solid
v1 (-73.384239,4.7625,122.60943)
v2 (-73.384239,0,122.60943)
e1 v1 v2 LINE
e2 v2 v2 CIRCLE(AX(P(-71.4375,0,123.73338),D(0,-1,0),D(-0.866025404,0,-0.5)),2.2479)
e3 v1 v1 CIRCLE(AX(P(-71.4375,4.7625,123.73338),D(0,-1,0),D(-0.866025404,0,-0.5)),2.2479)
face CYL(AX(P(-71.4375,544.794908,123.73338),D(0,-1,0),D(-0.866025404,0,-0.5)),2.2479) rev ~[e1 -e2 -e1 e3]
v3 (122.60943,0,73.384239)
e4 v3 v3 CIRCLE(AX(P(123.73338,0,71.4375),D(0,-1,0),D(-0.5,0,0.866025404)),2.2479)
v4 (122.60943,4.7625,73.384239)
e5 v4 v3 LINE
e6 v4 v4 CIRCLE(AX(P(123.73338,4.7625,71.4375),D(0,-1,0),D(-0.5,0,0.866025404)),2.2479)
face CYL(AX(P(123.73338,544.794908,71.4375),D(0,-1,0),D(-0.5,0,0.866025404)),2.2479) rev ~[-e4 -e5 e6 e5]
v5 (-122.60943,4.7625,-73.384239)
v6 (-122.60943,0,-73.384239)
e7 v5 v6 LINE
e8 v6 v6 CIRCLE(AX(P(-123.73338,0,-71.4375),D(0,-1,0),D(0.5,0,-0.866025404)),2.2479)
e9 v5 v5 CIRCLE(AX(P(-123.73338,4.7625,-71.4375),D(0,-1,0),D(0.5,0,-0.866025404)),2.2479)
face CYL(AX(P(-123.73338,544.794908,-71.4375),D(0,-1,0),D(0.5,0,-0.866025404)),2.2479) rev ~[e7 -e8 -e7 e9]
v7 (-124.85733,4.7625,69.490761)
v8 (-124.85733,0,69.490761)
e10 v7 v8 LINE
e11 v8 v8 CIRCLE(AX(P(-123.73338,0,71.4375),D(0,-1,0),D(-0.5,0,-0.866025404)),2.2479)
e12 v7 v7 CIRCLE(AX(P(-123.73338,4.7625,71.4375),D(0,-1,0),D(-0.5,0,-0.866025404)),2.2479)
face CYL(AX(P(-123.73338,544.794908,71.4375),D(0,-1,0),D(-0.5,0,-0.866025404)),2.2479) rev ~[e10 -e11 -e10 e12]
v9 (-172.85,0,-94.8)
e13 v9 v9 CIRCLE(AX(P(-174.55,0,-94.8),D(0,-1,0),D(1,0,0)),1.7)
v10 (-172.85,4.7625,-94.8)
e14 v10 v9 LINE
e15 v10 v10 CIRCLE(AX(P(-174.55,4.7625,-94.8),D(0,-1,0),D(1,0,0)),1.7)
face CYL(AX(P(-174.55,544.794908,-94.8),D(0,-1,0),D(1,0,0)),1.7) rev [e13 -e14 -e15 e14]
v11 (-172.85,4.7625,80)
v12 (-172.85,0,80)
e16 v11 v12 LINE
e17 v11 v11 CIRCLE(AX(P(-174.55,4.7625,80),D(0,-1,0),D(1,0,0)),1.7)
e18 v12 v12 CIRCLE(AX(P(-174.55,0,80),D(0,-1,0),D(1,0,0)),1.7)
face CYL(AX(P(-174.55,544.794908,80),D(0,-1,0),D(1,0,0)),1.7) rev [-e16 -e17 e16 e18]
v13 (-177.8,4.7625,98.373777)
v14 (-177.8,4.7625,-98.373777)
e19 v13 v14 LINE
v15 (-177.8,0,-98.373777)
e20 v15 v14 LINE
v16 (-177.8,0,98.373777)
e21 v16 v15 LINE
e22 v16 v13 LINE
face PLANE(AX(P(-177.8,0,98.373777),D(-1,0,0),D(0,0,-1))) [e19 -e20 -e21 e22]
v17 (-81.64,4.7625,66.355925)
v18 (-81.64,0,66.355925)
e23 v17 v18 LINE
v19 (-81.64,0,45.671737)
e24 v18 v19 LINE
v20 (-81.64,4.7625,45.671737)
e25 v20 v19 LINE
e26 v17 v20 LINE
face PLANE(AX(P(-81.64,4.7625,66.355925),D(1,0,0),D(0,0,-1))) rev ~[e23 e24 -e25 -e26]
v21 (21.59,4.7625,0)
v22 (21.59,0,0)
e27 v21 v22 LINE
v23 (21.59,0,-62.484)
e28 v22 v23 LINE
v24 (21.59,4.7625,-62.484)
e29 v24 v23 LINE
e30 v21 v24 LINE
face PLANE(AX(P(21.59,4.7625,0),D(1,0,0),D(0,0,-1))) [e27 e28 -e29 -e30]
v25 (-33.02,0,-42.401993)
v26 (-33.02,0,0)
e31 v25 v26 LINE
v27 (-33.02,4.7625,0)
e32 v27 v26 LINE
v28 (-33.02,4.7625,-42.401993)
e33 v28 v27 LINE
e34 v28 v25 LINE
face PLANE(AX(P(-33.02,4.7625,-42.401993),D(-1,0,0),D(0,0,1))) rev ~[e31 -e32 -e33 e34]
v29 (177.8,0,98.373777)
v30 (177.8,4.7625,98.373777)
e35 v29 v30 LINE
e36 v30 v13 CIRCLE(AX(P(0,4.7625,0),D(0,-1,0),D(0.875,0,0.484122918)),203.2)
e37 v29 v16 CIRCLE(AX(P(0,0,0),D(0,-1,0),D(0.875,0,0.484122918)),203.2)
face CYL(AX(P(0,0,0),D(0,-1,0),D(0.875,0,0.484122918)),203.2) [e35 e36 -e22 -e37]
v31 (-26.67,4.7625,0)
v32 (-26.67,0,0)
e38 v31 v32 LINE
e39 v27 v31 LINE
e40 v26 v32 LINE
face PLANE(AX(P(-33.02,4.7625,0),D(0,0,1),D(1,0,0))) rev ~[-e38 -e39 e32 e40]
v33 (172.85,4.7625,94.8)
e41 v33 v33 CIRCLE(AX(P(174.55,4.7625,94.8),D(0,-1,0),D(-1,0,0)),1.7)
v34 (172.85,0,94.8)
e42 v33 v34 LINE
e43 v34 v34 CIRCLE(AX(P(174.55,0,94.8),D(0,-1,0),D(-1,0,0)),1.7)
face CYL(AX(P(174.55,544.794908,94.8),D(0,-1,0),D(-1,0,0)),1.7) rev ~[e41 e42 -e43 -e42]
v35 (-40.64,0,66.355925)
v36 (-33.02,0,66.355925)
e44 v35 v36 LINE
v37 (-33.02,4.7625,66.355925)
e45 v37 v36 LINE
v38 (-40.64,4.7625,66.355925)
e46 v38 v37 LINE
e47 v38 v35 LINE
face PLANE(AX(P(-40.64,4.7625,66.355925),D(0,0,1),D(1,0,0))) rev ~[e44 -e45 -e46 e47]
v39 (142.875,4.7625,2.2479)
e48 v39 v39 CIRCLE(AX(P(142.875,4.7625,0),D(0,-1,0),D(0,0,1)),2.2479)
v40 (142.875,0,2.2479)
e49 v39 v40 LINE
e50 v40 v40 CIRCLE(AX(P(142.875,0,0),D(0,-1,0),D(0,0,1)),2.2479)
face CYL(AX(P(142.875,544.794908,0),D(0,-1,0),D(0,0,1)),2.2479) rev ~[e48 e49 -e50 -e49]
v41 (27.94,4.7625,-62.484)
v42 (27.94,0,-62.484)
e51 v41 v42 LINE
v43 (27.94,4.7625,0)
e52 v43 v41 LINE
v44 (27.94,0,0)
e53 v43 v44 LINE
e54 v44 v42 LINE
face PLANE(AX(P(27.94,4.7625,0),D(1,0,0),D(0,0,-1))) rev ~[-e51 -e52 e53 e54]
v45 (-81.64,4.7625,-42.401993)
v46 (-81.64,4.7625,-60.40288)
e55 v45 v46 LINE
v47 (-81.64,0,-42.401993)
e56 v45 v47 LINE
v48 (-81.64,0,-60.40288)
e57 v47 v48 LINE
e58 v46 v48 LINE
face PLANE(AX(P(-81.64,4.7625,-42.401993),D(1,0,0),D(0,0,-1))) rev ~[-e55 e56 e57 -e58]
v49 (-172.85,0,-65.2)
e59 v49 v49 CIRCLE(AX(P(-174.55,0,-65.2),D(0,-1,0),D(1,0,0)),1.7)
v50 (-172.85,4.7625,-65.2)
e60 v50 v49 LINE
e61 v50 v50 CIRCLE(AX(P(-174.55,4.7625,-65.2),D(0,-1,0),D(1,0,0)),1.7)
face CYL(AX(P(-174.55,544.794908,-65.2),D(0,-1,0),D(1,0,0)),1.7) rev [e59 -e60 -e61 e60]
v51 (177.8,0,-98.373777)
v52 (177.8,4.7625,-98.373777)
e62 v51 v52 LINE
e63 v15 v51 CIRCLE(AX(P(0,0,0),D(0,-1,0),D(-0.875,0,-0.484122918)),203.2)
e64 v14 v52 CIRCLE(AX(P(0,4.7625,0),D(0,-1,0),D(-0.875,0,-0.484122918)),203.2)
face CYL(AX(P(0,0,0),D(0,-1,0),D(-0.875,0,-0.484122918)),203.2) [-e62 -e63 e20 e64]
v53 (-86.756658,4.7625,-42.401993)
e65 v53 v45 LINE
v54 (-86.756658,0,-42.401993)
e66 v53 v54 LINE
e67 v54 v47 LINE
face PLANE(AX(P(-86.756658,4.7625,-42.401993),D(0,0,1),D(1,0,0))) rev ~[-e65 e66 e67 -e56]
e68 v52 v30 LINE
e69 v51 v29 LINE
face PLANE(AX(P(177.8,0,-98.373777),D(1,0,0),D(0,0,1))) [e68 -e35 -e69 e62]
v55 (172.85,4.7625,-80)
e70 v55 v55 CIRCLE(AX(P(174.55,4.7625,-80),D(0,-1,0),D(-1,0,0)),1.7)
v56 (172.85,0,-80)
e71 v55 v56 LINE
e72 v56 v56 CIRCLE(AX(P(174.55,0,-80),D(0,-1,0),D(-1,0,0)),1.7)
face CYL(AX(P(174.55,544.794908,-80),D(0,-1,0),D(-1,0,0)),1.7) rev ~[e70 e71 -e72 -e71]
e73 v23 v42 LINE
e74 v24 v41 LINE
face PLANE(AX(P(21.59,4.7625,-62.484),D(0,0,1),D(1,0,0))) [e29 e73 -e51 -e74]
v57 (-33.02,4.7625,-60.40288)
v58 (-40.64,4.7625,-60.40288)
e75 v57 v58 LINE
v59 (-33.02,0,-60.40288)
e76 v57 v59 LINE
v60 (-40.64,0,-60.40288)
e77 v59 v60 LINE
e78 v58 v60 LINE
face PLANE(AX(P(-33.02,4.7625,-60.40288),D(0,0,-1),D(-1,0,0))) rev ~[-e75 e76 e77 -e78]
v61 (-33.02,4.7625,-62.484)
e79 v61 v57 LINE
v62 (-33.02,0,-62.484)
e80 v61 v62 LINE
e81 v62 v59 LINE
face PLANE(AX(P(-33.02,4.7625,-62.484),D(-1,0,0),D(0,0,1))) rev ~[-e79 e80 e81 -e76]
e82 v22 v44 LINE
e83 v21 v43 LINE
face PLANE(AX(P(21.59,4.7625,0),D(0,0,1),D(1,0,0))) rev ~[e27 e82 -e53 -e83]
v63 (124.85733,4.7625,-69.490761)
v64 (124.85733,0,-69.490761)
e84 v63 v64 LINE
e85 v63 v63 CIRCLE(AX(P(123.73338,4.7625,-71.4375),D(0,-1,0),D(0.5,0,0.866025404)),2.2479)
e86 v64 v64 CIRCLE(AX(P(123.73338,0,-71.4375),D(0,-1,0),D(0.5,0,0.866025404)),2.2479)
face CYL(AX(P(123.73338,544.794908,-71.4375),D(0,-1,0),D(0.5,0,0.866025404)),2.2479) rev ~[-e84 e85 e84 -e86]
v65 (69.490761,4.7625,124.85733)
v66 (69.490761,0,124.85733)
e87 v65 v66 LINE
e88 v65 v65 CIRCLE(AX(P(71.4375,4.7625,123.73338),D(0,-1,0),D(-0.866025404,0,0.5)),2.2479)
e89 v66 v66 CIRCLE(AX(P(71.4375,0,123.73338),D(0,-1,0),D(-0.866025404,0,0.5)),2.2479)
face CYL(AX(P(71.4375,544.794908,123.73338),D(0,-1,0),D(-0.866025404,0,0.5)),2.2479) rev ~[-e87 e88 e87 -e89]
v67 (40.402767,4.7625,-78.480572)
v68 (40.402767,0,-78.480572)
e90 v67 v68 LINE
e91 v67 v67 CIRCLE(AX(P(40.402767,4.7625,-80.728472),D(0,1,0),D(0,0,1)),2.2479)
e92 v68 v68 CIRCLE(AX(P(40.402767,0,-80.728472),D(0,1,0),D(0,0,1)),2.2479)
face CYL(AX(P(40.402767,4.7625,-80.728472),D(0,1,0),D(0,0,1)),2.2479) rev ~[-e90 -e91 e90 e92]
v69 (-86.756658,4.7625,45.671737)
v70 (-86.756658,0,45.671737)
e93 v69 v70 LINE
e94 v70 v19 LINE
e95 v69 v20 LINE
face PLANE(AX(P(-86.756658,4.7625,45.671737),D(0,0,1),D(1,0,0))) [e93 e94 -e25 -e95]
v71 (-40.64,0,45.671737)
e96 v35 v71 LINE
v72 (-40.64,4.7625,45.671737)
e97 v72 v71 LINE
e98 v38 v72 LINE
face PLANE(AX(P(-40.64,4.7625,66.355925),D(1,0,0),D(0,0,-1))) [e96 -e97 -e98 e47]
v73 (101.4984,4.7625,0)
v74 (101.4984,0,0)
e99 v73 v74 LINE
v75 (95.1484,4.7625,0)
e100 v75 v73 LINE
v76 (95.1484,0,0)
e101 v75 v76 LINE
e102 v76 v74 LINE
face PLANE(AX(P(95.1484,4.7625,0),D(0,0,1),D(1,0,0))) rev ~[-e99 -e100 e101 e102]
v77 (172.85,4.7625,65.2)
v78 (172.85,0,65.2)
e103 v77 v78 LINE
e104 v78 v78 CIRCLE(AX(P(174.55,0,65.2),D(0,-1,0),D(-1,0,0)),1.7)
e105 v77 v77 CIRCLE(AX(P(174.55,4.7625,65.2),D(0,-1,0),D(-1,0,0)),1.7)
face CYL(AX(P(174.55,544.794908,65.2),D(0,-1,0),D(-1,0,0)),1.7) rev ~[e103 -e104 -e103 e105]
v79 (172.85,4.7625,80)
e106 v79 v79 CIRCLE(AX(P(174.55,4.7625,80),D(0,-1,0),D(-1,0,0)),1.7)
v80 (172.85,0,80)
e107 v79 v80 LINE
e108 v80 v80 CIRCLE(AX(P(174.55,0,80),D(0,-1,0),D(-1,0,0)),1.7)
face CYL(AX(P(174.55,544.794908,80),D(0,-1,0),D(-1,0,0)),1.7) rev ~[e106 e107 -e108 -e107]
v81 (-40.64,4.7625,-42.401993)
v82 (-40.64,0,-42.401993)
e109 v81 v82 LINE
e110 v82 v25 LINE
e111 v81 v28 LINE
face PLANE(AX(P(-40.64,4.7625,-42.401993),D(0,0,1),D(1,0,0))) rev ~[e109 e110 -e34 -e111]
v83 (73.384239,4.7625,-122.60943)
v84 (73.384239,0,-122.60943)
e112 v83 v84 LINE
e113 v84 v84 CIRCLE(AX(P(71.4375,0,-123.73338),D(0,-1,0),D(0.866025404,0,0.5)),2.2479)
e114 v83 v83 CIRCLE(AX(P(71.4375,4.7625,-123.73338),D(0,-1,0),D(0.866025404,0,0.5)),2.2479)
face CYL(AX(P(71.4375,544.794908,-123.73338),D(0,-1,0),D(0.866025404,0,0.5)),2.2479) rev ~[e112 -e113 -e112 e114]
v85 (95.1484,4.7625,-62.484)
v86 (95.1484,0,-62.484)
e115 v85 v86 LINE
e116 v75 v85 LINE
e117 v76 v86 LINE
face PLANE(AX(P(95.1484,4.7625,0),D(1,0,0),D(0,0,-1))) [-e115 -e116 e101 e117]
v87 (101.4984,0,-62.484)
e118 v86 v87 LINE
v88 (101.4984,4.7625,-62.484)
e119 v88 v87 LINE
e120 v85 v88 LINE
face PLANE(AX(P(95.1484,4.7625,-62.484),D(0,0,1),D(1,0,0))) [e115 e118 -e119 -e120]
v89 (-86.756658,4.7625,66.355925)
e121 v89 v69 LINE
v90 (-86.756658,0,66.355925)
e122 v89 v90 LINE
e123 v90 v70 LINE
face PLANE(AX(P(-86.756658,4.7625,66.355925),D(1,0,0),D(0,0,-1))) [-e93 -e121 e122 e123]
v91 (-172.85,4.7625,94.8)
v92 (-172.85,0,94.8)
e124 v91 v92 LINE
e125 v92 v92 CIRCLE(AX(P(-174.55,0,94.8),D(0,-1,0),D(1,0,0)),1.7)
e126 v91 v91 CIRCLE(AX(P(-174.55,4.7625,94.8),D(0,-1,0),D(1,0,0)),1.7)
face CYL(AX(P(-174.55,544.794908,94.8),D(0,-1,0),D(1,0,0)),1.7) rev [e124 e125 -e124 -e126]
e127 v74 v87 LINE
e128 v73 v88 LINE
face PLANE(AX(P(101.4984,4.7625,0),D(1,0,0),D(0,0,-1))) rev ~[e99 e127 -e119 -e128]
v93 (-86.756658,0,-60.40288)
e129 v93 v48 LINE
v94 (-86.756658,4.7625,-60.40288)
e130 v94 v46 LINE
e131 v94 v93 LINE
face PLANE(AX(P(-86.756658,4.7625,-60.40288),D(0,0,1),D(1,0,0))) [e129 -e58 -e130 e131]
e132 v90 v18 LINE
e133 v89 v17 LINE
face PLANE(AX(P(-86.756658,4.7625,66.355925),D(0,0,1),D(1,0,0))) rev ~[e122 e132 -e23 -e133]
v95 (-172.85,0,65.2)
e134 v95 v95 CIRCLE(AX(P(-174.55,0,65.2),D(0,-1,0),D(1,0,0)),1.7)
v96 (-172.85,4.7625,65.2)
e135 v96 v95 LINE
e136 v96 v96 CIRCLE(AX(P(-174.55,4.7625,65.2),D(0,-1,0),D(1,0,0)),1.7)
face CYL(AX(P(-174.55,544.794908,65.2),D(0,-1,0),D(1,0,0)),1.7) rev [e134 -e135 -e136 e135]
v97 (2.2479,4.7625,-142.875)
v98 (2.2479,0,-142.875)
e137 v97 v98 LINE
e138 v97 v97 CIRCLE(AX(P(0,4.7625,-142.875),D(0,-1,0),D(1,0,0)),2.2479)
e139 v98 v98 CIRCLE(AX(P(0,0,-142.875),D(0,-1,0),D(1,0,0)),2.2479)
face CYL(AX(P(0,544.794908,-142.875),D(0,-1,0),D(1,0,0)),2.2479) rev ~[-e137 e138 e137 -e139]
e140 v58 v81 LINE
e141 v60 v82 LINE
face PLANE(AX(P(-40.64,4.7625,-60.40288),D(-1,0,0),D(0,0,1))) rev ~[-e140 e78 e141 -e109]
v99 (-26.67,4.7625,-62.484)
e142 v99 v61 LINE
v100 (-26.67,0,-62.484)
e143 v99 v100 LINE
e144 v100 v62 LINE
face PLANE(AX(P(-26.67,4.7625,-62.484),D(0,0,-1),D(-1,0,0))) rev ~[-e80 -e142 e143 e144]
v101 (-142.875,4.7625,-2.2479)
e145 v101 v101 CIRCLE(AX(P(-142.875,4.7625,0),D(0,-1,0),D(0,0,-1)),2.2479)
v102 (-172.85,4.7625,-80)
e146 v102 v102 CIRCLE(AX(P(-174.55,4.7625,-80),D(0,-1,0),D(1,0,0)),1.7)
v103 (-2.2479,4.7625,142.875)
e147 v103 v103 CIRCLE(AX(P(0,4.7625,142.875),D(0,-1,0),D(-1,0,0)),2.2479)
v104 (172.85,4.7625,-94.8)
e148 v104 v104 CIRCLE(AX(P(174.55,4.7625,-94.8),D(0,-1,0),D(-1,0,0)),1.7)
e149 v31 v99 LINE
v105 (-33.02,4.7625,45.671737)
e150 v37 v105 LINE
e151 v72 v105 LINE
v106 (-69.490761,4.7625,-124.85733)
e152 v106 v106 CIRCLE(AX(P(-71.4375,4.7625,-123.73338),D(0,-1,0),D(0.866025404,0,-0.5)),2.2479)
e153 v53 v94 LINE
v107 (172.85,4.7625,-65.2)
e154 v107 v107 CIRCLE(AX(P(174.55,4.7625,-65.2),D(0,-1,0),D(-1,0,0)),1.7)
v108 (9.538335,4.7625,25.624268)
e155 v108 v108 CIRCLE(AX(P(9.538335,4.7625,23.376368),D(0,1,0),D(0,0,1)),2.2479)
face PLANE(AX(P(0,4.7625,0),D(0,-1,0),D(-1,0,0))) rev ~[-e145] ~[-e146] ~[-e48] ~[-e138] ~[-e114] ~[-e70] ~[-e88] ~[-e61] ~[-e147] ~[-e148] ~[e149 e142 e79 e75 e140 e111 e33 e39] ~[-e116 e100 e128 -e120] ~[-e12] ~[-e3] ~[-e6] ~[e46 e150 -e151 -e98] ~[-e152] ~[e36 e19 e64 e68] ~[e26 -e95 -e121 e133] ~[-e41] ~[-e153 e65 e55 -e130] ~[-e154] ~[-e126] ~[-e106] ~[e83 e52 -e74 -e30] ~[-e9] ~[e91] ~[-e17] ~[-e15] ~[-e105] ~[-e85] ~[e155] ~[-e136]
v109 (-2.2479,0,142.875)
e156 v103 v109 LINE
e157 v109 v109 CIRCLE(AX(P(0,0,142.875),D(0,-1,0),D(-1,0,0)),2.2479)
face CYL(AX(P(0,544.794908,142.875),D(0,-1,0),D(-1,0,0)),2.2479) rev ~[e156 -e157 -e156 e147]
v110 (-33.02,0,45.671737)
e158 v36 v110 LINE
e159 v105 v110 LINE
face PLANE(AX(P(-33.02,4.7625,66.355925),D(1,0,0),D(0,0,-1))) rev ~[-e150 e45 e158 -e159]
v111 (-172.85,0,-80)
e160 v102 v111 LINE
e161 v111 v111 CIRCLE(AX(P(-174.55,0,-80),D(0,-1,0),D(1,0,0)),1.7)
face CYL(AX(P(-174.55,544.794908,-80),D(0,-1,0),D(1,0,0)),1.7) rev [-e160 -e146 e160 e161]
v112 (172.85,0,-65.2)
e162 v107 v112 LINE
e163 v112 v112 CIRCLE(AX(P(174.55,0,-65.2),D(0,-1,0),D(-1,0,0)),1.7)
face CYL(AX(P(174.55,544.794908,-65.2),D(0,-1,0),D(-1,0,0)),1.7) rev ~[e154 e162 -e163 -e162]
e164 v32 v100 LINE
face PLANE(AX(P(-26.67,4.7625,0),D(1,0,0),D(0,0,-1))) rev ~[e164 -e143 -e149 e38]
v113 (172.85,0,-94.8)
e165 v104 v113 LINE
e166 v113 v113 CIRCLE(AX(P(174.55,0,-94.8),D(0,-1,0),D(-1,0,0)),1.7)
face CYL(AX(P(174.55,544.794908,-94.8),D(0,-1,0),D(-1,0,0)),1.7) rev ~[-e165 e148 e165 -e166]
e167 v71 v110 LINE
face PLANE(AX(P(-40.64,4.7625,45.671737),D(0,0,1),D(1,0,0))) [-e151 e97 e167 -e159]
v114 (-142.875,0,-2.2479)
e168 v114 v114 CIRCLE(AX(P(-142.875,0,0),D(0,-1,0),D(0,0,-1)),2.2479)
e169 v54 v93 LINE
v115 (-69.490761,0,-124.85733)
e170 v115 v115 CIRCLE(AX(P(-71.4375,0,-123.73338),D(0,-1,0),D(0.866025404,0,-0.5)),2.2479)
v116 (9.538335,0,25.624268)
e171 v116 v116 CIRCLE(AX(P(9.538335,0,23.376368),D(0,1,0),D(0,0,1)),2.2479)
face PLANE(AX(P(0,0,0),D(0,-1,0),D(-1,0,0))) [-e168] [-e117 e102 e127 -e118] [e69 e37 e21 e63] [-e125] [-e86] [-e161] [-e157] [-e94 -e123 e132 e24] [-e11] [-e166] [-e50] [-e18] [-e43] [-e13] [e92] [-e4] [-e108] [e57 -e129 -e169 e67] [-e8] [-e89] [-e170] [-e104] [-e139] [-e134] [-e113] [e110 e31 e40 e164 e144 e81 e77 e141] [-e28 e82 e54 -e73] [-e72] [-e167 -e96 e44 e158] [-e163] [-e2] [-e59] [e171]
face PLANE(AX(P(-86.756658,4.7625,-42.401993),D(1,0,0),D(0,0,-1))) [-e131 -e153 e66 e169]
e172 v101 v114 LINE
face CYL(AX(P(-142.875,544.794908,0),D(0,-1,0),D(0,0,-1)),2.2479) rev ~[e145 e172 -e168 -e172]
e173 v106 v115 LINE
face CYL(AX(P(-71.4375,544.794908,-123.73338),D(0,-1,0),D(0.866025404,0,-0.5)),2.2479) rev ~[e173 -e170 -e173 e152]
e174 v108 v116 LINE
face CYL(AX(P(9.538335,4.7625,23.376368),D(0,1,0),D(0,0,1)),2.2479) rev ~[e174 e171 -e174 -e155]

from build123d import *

# Parameters (mm, degrees)
BOSS_EXTRUDE1_DEPTH   = 4.7625
M3_CLEARANCE_HOLE1_D  = 3.4
F_8_CLEARANCE_HOLE1_D = 4.4958
CIRPATTERN1_COUNT     = 12
CUT_EXTRUDE1_REACH    = 272.048
SKETCH15_W            = 6.35
SKETCH15_H            = 62.484
SKETCH15_W_2          = 5.116657908
SKETCH15_H_2          = 18.000886741
SKETCH15_H_3          = 20.68418835
SKETCH15_W_3          = 7.62
CUT_EXTRUDE2_REACH    = 272.048
SKETCH17_R            = 2.2479


with BuildPart() as part:
    # Sketch1 → Boss-Extrude1 (new body)
    with BuildSketch(Plane(origin=(0, 0, 0), x_dir=(1, 0, 0), z_dir=(0, 1, 0))):
        with BuildLine():
            Line((177.8, 98.373776994), (177.8, -98.373776994))
            ThreePointArc((177.8, -98.373776994), (0, -203.2), (-177.8, -98.373776994))
            Line((-177.8, -98.373776994), (-177.8, 98.373776994))
            ThreePointArc((-177.8, 98.373776994), (0, 203.2), (177.8, 98.373776994))
        make_face()
    extrude(amount=BOSS_EXTRUDE1_DEPTH)

    # M3 Clearance Hole1 (through all)
    with Locations(Plane(origin=(0, 4.7625, 0), x_dir=(1, 0, 0), z_dir=(0, 1, 0))):
        with Locations((174.55, -94.8), (174.55, -80), (174.55, -65.2), (174.55, 65.2), (174.55, 80), (174.55, 94.8)):
            m3_clearance_hole1 = Hole(M3_CLEARANCE_HOLE1_D / 2)

    # Mirror1: M3 Clearance Hole1 across plane
    add(m3_clearance_hole1.mirror(Plane(origin=(0, 0, 0), x_dir=(0, 0, 1), z_dir=(1, 0, 0))), mode=Mode.SUBTRACT)

    # #8 Clearance Hole1 (through all)
    with Locations(Plane(origin=(0, 4.7625, 0), x_dir=(1, 0, 0), z_dir=(0, 1, 0))):
        with Locations((0, -142.875)):
            f_8_clearance_hole1 = Hole(F_8_CLEARANCE_HOLE1_D / 2)

    # CirPattern1: #8 Clearance Hole1 ×12 about axis
    cirpattern1_axis = Axis((0, 0, 0), (0, 1, 0))
    for i in range(1, CIRPATTERN1_COUNT):
        add(f_8_clearance_hole1.rotate(cirpattern1_axis, i * 360 / CIRPATTERN1_COUNT), mode=Mode.SUBTRACT)

    # Sketch15 → Cut-Extrude1 (cut, up to next)
    with BuildSketch(Plane(origin=(0, 4.7625, 0), x_dir=(1, 0, 0), z_dir=(0, 1, 0)), mode=Mode.PRIVATE) as cut_extrude1_sk1:
        with Locations((24.765, 31.242)):
            Rectangle(SKETCH15_W, SKETCH15_H)
    cut_extrude1_tool1 = extrude(cut_extrude1_sk1.sketch, amount=-CUT_EXTRUDE1_REACH, mode=Mode.PRIVATE) & part.part
    # Sketch15 → Cut-Extrude1 (cut, up to next)
    with BuildSketch(Plane(origin=(0, 4.7625, 0), x_dir=(1, 0, 0), z_dir=(0, 1, 0)), mode=Mode.PRIVATE) as cut_extrude1_sk2:
        Polygon((-26.67, 62.484), (-33.02, 62.484), (-33.02, 60.402879746), (-40.64, 60.402879746), (-40.64, 42.401993005), (-33.02, 42.401993005), (-33.02, 0), (-26.67, 0), align=None)
    cut_extrude1_tool2 = extrude(cut_extrude1_sk2.sketch, amount=-CUT_EXTRUDE1_REACH, mode=Mode.PRIVATE) & part.part
    # Sketch15 → Cut-Extrude1 (cut, up to next)
    with BuildSketch(Plane(origin=(0, 4.7625, 0), x_dir=(1, 0, 0), z_dir=(0, 1, 0)), mode=Mode.PRIVATE) as cut_extrude1_sk3:
        with Locations((98.3234, 31.242)):
            Rectangle(SKETCH15_W, SKETCH15_H)
    cut_extrude1_tool3 = extrude(cut_extrude1_sk3.sketch, amount=-CUT_EXTRUDE1_REACH, mode=Mode.PRIVATE) & part.part
    # Sketch15 → Cut-Extrude1 (cut, up to next)
    with BuildSketch(Plane(origin=(0, 4.7625, 0), x_dir=(1, 0, 0), z_dir=(0, 1, 0)), mode=Mode.PRIVATE) as cut_extrude1_sk4:
        with Locations((-84.198328954, 51.402436376)):
            Rectangle(SKETCH15_W_2, SKETCH15_H_2)
    cut_extrude1_tool4 = extrude(cut_extrude1_sk4.sketch, amount=-CUT_EXTRUDE1_REACH, mode=Mode.PRIVATE) & part.part
    # Sketch15 → Cut-Extrude1 (cut, up to next)
    with BuildSketch(Plane(origin=(0, 4.7625, 0), x_dir=(1, 0, 0), z_dir=(0, 1, 0)), mode=Mode.PRIVATE) as cut_extrude1_sk5:
        with Locations((-84.198328954, -56.013830848)):
            Rectangle(SKETCH15_W_2, SKETCH15_H_3)
    cut_extrude1_tool5 = extrude(cut_extrude1_sk5.sketch, amount=-CUT_EXTRUDE1_REACH, mode=Mode.PRIVATE) & part.part
    # Sketch15 → Cut-Extrude1 (cut, up to next)
    with BuildSketch(Plane(origin=(0, 4.7625, 0), x_dir=(1, 0, 0), z_dir=(0, 1, 0)), mode=Mode.PRIVATE) as cut_extrude1_sk6:
        with Locations((-36.83, -56.013830848)):
            Rectangle(SKETCH15_W_3, SKETCH15_H_3)
    cut_extrude1_tool6 = extrude(cut_extrude1_sk6.sketch, amount=-CUT_EXTRUDE1_REACH, mode=Mode.PRIVATE) & part.part
    add(cut_extrude1_tool1.solids().sort_by_distance((24.765, 4.7625, -31.242))[0], mode=Mode.SUBTRACT)
    add(cut_extrude1_tool2.solids().sort_by_distance((-31.639414, 4.7625, -36.421123))[0], mode=Mode.SUBTRACT)
    add(cut_extrude1_tool3.solids().sort_by_distance((98.3234, 4.7625, -31.242))[0], mode=Mode.SUBTRACT)
    add(cut_extrude1_tool4.solids().sort_by_distance((-84.198329, 4.7625, -51.402436))[0], mode=Mode.SUBTRACT)
    add(cut_extrude1_tool5.solids().sort_by_distance((-84.198329, 4.7625, 56.013831))[0], mode=Mode.SUBTRACT)
    add(cut_extrude1_tool6.solids().sort_by_distance((-36.83, 4.7625, 56.013831))[0], mode=Mode.SUBTRACT)

    # Sketch17 → Cut-Extrude2 (cut, up to next)
    with BuildSketch(Plane(origin=(0, 4.7625, 0), x_dir=(1, 0, 0), z_dir=(0, 1, 0)), mode=Mode.PRIVATE) as cut_extrude2_sk1:
        with Locations(Location((40.402766773, 80.728472273, 0), (0, 0, 270))):
            Circle(SKETCH17_R)
    cut_extrude2_tool1 = extrude(cut_extrude2_sk1.sketch, amount=-CUT_EXTRUDE2_REACH, mode=Mode.PRIVATE) & part.part
    # Sketch17 → Cut-Extrude2 (cut, up to next)
    with BuildSketch(Plane(origin=(0, 4.7625, 0), x_dir=(1, 0, 0), z_dir=(0, 1, 0)), mode=Mode.PRIVATE) as cut_extrude2_sk2:
        with Locations(Location((9.538335251, -23.376368086, 0), (0, 0, 270))):
            Circle(SKETCH17_R)
    cut_extrude2_tool2 = extrude(cut_extrude2_sk2.sketch, amount=-CUT_EXTRUDE2_REACH, mode=Mode.PRIVATE) & part.part
    add(cut_extrude2_tool1.solids().sort_by_distance((40.402767, 4.7625, -80.728472))[0], mode=Mode.SUBTRACT)
    add(cut_extrude2_tool2.solids().sort_by_distance((9.538335, 4.7625, 23.376368))[0], mode=Mode.SUBTRACT)


solid = part.part
